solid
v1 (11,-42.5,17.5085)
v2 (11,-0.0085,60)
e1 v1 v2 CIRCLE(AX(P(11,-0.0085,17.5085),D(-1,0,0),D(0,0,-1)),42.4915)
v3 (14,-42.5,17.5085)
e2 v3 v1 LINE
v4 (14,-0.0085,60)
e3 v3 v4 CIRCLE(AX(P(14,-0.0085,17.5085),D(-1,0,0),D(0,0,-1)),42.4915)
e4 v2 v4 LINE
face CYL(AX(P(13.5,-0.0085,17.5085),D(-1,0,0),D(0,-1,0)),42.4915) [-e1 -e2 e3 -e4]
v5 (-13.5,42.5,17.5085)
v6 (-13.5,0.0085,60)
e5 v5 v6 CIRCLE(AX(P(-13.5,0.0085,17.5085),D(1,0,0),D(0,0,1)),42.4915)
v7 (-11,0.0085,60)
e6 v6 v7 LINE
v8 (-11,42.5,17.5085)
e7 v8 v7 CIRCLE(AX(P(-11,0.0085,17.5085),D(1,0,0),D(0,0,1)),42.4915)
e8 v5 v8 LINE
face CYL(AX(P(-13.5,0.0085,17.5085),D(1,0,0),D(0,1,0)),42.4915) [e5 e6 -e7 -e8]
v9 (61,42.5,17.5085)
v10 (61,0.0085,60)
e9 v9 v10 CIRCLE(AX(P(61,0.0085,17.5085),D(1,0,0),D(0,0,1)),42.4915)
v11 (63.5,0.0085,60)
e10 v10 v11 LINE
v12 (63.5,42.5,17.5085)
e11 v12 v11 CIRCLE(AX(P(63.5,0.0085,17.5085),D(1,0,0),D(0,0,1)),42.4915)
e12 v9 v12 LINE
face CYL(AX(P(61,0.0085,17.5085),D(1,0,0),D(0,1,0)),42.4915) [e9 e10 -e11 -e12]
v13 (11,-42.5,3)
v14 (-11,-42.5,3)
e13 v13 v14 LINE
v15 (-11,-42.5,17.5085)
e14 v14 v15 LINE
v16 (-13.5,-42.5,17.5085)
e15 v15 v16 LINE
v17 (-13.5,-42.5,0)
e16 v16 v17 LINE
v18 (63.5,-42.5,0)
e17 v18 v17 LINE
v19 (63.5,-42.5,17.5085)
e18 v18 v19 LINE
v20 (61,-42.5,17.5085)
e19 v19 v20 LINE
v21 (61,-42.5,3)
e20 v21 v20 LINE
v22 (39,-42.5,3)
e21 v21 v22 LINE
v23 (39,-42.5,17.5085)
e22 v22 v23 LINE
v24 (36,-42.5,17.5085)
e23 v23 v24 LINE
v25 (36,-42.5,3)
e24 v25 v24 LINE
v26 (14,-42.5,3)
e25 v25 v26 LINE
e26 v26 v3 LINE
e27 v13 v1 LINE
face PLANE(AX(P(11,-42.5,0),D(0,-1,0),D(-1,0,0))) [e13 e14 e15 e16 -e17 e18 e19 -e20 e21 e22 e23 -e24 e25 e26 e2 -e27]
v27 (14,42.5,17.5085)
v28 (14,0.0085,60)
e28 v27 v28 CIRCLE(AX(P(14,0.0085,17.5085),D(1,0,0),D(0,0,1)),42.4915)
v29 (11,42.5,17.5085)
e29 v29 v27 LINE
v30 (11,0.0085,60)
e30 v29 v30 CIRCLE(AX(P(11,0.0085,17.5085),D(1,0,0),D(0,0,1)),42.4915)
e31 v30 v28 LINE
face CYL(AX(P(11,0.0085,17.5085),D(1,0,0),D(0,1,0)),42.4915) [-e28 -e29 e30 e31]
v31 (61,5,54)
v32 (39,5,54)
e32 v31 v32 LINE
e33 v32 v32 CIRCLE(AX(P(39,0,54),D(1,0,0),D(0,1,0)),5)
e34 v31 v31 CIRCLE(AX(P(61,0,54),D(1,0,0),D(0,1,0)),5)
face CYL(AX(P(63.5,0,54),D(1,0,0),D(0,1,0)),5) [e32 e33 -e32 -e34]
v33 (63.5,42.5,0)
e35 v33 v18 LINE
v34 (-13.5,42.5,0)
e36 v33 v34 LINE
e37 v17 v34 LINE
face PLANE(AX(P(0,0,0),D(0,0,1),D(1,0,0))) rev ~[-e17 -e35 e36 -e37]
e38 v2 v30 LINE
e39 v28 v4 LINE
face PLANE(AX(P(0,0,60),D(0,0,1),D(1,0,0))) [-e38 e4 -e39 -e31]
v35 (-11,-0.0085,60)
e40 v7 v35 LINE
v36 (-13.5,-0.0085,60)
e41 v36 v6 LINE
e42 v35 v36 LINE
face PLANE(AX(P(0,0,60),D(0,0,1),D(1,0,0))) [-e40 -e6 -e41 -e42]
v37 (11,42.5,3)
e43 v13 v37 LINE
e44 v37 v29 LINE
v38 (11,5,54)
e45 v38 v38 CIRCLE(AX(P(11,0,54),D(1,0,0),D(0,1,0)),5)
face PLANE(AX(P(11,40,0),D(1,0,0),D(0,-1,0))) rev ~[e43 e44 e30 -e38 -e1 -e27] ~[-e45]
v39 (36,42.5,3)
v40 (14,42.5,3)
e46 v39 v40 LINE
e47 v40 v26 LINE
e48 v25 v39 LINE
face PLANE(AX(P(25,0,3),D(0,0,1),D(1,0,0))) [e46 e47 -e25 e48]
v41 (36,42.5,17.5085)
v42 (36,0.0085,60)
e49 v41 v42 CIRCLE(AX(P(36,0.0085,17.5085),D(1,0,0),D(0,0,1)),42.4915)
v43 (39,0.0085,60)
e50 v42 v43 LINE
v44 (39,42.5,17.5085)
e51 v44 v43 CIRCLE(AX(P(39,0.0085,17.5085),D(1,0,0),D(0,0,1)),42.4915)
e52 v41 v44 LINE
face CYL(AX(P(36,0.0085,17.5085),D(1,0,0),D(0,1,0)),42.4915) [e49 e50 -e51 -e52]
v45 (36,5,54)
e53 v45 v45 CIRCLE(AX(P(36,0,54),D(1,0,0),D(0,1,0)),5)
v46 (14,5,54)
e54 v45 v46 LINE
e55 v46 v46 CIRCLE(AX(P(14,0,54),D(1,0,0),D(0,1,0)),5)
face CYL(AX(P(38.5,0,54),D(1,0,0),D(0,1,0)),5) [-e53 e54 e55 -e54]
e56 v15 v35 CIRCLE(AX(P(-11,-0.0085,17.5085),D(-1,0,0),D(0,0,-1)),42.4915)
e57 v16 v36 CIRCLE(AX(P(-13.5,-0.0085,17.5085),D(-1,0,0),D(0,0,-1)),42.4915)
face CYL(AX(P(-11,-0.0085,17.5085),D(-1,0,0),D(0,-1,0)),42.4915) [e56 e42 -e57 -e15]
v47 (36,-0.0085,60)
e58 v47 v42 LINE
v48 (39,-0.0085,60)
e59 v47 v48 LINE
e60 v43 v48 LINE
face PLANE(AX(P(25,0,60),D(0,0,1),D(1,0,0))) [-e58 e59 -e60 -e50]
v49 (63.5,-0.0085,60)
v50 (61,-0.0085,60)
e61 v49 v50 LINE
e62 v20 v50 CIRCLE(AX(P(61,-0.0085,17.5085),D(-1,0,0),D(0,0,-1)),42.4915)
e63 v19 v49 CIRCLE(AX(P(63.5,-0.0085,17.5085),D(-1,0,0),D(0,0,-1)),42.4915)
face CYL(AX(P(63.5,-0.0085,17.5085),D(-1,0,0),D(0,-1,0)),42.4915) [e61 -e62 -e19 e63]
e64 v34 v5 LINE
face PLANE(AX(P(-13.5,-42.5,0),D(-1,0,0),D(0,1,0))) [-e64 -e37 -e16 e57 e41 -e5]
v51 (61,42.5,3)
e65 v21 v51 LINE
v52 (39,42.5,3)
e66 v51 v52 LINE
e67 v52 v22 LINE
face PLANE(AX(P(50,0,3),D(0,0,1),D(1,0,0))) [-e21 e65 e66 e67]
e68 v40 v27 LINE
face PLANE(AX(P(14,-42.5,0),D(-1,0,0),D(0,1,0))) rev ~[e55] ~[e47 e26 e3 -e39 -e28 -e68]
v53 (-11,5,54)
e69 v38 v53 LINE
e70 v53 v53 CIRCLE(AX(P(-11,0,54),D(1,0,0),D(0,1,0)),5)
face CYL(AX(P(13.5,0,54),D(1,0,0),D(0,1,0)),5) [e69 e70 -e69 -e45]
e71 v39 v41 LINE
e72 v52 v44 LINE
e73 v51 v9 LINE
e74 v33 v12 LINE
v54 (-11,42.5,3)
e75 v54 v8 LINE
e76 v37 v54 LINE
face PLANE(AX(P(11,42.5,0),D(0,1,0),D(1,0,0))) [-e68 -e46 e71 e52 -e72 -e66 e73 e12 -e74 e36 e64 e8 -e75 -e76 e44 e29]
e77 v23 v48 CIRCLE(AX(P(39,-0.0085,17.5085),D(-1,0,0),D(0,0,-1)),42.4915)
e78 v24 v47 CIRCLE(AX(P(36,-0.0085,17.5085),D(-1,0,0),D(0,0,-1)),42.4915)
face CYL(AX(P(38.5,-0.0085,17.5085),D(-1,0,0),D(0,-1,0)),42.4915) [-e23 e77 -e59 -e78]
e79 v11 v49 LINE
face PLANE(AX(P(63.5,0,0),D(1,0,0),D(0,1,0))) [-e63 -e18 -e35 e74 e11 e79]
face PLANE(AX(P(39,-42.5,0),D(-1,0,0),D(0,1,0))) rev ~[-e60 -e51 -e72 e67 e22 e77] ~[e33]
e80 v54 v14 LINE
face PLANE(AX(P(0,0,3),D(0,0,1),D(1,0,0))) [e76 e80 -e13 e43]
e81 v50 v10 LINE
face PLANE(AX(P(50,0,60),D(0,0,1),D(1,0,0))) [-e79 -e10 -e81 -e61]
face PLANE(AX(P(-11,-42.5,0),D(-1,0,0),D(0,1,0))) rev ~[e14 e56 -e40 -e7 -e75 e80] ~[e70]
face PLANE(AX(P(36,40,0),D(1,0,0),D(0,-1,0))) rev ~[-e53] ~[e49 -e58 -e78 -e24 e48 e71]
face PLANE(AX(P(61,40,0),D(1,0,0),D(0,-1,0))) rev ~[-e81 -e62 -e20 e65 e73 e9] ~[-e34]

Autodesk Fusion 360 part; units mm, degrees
sketch "Sketch1" plane through (0, 0, 0) normal (0, 0, 1) x (1, 0, 0)
  line L0 (11, -40) -> (-11, -40)
  line L1 (-11, -42.5) -> (-11, 42.5)
  line L2 (-11, 40) -> (11, 40)
  line L3 (11, 42.5) -> (11, -42.5)
  line L4 (-13.5, -42.5) -> (-13.5, 42.5)
  line L5 (-13.5, 42.5) -> (13.5, 42.5)
  line L6 (13.5, 42.5) -> (13.5, -42.5)
  line L7 (13.5, -42.5) -> (-13.5, -42.5)
  dimension "d1" = 22
  dimension "d2" = 80
extrude "Extrude1" add sketch "Sketch1" along normal blind 3 makes body 1
extrude "Extrude2" add sketch "Sketch1" along normal blind 60 contours L3 L5 L6 L7 | L1 L4 L5 L7 bodies 1
fillet "Fillet1" radius 42.5 4 edges at (12.25, -42.5, 60) (-12.25, -42.5, 60) (12.25, 42.5, 60) (-12.25, 42.5, 60) on bodies 1
sketch "Sketch2" plane through (13.5, 0, 0) normal (1, 0, 0) x (0, 1, 0)
  arc A0 (42.5, 17.5) -> (-42.5, 17.5) centre (0, 17.5) ccw
  line L0 (-42.5, 17.5) -> (-42.5, 0)
  line L1 (-42.5, 0) -> (42.5, 0)
  line L2 (42.5, 0) -> (42.5, 17.5)
  circle A1 centre (0, 54) radius 5
  dimension "d10" = 10
extrude "Extrude3" add sketch "Sketch2" against normal blind 27 contours A1 bodies 1
pattern_linear "R-Pattern1" count 3 spacing 25 along (1, 0, 0) of bodies 1 makes body 2 at (38.5, 0.0028, 31.6723) makes body 3 at (63.5, 0.0028, 31.6723)
combine "Combine1" operation add target body 1 tool bodies 2 3
